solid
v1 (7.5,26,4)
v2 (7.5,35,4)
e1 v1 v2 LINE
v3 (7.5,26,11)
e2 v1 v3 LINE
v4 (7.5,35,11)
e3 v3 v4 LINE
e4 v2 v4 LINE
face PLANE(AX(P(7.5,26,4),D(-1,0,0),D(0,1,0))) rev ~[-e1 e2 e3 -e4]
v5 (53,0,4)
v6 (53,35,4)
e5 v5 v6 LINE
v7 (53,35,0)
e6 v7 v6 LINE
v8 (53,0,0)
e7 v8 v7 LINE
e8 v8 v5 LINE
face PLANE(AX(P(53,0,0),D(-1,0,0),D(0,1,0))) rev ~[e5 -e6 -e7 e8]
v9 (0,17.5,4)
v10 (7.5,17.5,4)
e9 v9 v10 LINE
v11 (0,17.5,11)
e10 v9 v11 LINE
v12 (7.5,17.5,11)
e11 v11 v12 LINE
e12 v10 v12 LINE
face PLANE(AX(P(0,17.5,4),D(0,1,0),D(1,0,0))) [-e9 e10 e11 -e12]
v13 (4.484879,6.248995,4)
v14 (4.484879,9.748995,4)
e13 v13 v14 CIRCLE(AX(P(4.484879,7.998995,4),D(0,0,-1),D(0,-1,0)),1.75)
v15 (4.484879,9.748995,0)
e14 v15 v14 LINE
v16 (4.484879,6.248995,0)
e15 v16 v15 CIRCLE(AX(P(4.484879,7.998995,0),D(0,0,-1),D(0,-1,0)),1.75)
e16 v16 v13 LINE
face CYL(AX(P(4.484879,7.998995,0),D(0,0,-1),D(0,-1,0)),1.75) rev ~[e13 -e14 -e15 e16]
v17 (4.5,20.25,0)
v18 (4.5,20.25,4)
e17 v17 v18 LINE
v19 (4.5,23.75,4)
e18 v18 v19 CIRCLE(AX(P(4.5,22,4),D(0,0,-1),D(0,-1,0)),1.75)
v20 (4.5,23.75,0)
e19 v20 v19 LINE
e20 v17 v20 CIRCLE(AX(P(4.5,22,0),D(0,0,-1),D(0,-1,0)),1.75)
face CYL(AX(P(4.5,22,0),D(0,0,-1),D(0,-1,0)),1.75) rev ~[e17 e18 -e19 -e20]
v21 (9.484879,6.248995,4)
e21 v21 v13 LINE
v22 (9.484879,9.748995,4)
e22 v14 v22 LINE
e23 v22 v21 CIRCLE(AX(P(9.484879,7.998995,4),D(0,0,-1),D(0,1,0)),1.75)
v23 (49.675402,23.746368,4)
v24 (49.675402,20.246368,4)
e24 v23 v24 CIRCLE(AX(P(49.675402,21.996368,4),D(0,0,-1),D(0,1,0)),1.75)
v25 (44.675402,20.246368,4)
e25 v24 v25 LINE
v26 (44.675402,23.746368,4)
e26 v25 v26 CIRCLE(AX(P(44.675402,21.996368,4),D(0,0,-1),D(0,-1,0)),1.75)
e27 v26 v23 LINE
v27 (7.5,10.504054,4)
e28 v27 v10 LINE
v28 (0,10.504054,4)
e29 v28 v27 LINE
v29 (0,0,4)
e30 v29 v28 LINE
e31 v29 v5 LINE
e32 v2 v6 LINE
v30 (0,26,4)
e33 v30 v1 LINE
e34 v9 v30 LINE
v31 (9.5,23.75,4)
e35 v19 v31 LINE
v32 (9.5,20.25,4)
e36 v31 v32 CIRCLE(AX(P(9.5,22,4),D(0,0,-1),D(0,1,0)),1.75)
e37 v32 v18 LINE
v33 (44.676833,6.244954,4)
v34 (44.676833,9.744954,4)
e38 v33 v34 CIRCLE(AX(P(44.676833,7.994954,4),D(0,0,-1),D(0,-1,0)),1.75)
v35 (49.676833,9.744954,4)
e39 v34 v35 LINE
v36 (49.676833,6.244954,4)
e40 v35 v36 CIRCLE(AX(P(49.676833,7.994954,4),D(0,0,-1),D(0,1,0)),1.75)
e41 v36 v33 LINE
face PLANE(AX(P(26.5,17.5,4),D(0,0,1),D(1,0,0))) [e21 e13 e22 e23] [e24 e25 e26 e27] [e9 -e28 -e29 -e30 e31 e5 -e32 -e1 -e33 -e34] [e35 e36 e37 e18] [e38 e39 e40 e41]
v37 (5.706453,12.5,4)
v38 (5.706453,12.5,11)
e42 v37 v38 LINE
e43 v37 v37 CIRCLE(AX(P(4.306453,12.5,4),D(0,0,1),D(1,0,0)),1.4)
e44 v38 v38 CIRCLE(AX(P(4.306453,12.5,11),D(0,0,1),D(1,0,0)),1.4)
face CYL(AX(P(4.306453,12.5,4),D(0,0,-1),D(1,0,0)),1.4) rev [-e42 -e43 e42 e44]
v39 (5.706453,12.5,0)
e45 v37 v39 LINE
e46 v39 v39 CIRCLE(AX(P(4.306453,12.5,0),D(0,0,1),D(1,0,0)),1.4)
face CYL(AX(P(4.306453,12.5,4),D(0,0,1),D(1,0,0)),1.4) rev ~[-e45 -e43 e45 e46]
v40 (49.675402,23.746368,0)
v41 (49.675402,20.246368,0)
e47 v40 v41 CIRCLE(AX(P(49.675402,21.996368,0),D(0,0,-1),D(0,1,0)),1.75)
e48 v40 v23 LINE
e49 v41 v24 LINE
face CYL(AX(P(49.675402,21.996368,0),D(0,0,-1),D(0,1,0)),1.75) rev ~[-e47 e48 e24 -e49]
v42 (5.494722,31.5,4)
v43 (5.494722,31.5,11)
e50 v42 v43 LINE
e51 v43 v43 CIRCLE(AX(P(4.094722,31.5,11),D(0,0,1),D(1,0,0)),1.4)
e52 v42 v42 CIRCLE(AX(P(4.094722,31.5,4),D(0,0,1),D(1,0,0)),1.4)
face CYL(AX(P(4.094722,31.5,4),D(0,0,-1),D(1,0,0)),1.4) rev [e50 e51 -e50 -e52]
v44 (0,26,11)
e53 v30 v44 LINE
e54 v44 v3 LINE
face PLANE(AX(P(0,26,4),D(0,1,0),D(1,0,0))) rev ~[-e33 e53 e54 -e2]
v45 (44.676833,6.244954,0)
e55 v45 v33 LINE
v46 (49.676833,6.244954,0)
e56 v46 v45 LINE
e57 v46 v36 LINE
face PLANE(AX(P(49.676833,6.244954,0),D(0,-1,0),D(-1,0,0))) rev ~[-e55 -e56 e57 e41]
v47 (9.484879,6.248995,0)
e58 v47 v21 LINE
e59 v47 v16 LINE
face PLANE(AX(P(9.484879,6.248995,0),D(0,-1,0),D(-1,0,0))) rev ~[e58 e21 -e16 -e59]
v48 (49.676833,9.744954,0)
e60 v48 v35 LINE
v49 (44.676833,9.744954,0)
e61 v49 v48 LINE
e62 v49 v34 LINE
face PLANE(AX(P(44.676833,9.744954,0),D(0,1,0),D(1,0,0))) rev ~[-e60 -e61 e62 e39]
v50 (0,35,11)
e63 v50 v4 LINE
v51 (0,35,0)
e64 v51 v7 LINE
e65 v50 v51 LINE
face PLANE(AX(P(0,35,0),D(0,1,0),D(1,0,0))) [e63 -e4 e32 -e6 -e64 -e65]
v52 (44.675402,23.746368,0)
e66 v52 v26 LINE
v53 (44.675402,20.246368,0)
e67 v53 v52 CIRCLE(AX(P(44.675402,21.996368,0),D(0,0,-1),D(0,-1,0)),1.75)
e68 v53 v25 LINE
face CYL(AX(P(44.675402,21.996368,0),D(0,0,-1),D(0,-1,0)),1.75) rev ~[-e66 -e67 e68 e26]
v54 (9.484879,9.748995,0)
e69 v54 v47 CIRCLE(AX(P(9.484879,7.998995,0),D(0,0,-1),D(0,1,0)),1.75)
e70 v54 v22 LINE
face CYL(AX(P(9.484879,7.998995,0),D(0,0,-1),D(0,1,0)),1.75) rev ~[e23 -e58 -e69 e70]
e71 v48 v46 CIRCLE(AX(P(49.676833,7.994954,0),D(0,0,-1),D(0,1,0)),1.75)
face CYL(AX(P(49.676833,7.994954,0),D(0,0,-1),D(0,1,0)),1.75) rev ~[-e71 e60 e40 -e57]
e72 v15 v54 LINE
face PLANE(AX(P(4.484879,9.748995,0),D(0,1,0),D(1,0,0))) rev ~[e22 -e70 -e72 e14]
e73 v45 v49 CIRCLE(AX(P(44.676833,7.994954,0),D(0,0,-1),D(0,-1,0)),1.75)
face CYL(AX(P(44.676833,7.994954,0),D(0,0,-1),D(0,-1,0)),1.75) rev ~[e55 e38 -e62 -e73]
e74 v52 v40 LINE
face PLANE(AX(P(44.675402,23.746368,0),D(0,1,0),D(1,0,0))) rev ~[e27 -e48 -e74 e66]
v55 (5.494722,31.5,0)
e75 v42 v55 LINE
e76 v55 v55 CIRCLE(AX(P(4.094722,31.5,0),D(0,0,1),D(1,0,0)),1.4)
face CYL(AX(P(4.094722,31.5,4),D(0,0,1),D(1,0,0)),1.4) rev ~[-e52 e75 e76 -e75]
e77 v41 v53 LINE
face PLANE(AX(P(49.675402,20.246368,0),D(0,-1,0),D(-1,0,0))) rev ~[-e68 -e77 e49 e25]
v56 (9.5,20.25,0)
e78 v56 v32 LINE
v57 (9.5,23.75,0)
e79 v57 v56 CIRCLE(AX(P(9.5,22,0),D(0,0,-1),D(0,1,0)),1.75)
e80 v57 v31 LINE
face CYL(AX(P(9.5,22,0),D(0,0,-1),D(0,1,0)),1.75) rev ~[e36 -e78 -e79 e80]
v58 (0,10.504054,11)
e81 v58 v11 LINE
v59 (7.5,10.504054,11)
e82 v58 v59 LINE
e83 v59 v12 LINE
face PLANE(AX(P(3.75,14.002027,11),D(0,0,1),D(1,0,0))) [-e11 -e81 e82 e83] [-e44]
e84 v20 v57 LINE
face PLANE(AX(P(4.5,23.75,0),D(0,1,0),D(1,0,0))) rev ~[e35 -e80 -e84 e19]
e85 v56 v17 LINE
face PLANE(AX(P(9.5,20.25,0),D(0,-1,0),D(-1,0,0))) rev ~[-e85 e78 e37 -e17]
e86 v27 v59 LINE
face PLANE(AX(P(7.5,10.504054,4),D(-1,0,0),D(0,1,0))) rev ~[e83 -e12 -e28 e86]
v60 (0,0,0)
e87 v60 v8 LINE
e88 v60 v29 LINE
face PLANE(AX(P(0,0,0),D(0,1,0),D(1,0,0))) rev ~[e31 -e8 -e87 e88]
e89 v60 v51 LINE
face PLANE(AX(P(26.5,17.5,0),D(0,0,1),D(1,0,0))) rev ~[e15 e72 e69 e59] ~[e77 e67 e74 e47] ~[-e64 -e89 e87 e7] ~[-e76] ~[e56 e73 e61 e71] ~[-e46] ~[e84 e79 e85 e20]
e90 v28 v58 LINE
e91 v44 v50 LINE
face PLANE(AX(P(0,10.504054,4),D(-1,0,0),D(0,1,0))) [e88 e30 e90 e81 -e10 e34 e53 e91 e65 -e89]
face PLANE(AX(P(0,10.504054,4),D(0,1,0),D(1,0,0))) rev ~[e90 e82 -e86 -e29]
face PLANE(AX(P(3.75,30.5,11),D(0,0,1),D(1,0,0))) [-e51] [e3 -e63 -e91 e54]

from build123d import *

# Parameters (mm, degrees)
F0_W     = 53
F0_H     = 35
F1_DEPTH = 4
F2_R     = 1.4
F3_DEPTH = 25
F4_W     = 7.5
F4_H     = 6.995946
F4_R     = 1.4
F4_H_2   = 9
F5_DEPTH = 7


with BuildPart() as f1:
    # F0 (on Top) → F1 (new body)
    with BuildSketch(Plane.XY):
        with Locations((26.5, 17.5)):
            Rectangle(F0_W, F0_H)
        with BuildLine():
            ThreePointArc((4.484879, 6.248995), (2.734879, 7.998995), (4.484879, 9.748995))
            Line((4.484879, 9.748995), (9.484879, 9.748995))
            ThreePointArc((9.484879, 9.748995), (11.234879, 7.998995), (9.484879, 6.248995))
            Line((9.484879, 6.248995), (4.484879, 6.248995))
        make_face(mode=Mode.SUBTRACT)
        with BuildLine():
            ThreePointArc((44.676833, 6.244954), (42.926833, 7.994954), (44.676833, 9.744954))
            Line((44.676833, 9.744954), (49.676833, 9.744954))
            ThreePointArc((49.676833, 9.744954), (51.426833, 7.994954), (49.676833, 6.244954))
            Line((49.676833, 6.244954), (44.676833, 6.244954))
        make_face(mode=Mode.SUBTRACT)
        with BuildLine():
            ThreePointArc((4.5, 20.25), (2.75, 22), (4.5, 23.75))
            Line((4.5, 23.75), (9.5, 23.75))
            ThreePointArc((9.5, 23.75), (11.25, 22), (9.5, 20.25))
            Line((9.5, 20.25), (4.5, 20.25))
        make_face(mode=Mode.SUBTRACT)
        with BuildLine():
            ThreePointArc((44.675402, 20.246368), (42.925402, 21.996368), (44.675402, 23.746368))
            Line((44.675402, 23.746368), (49.675402, 23.746368))
            ThreePointArc((49.675402, 23.746368), (51.425402, 21.996368), (49.675402, 20.246368))
            Line((49.675402, 20.246368), (44.675402, 20.246368))
        make_face(mode=Mode.SUBTRACT)
    extrude(amount=F1_DEPTH)

    # F2 (on face) → F3 (cut)
    with BuildSketch(Plane.XY.offset(4)):
        with Locations((4.094722, 31.5)):
            Circle(F2_R)
        with Locations((4.306453, 12.5)):
            Circle(F2_R)
    extrude(amount=-F3_DEPTH, mode=Mode.SUBTRACT)

    # F4 (on face) → F5 (join)
    with BuildSketch(Plane.XY.offset(4)):
        with Locations((3.75, 14.002027)):
            Rectangle(F4_W, F4_H)
        with Locations((4.306453, 12.5)):
            Circle(F4_R, mode=Mode.SUBTRACT)
        with Locations((3.75, 30.5)):
            Rectangle(F4_W, F4_H_2)
        with Locations((4.094722, 31.5)):
            Circle(F4_R, mode=Mode.SUBTRACT)
    extrude(amount=F5_DEPTH)


solid = f1.part
